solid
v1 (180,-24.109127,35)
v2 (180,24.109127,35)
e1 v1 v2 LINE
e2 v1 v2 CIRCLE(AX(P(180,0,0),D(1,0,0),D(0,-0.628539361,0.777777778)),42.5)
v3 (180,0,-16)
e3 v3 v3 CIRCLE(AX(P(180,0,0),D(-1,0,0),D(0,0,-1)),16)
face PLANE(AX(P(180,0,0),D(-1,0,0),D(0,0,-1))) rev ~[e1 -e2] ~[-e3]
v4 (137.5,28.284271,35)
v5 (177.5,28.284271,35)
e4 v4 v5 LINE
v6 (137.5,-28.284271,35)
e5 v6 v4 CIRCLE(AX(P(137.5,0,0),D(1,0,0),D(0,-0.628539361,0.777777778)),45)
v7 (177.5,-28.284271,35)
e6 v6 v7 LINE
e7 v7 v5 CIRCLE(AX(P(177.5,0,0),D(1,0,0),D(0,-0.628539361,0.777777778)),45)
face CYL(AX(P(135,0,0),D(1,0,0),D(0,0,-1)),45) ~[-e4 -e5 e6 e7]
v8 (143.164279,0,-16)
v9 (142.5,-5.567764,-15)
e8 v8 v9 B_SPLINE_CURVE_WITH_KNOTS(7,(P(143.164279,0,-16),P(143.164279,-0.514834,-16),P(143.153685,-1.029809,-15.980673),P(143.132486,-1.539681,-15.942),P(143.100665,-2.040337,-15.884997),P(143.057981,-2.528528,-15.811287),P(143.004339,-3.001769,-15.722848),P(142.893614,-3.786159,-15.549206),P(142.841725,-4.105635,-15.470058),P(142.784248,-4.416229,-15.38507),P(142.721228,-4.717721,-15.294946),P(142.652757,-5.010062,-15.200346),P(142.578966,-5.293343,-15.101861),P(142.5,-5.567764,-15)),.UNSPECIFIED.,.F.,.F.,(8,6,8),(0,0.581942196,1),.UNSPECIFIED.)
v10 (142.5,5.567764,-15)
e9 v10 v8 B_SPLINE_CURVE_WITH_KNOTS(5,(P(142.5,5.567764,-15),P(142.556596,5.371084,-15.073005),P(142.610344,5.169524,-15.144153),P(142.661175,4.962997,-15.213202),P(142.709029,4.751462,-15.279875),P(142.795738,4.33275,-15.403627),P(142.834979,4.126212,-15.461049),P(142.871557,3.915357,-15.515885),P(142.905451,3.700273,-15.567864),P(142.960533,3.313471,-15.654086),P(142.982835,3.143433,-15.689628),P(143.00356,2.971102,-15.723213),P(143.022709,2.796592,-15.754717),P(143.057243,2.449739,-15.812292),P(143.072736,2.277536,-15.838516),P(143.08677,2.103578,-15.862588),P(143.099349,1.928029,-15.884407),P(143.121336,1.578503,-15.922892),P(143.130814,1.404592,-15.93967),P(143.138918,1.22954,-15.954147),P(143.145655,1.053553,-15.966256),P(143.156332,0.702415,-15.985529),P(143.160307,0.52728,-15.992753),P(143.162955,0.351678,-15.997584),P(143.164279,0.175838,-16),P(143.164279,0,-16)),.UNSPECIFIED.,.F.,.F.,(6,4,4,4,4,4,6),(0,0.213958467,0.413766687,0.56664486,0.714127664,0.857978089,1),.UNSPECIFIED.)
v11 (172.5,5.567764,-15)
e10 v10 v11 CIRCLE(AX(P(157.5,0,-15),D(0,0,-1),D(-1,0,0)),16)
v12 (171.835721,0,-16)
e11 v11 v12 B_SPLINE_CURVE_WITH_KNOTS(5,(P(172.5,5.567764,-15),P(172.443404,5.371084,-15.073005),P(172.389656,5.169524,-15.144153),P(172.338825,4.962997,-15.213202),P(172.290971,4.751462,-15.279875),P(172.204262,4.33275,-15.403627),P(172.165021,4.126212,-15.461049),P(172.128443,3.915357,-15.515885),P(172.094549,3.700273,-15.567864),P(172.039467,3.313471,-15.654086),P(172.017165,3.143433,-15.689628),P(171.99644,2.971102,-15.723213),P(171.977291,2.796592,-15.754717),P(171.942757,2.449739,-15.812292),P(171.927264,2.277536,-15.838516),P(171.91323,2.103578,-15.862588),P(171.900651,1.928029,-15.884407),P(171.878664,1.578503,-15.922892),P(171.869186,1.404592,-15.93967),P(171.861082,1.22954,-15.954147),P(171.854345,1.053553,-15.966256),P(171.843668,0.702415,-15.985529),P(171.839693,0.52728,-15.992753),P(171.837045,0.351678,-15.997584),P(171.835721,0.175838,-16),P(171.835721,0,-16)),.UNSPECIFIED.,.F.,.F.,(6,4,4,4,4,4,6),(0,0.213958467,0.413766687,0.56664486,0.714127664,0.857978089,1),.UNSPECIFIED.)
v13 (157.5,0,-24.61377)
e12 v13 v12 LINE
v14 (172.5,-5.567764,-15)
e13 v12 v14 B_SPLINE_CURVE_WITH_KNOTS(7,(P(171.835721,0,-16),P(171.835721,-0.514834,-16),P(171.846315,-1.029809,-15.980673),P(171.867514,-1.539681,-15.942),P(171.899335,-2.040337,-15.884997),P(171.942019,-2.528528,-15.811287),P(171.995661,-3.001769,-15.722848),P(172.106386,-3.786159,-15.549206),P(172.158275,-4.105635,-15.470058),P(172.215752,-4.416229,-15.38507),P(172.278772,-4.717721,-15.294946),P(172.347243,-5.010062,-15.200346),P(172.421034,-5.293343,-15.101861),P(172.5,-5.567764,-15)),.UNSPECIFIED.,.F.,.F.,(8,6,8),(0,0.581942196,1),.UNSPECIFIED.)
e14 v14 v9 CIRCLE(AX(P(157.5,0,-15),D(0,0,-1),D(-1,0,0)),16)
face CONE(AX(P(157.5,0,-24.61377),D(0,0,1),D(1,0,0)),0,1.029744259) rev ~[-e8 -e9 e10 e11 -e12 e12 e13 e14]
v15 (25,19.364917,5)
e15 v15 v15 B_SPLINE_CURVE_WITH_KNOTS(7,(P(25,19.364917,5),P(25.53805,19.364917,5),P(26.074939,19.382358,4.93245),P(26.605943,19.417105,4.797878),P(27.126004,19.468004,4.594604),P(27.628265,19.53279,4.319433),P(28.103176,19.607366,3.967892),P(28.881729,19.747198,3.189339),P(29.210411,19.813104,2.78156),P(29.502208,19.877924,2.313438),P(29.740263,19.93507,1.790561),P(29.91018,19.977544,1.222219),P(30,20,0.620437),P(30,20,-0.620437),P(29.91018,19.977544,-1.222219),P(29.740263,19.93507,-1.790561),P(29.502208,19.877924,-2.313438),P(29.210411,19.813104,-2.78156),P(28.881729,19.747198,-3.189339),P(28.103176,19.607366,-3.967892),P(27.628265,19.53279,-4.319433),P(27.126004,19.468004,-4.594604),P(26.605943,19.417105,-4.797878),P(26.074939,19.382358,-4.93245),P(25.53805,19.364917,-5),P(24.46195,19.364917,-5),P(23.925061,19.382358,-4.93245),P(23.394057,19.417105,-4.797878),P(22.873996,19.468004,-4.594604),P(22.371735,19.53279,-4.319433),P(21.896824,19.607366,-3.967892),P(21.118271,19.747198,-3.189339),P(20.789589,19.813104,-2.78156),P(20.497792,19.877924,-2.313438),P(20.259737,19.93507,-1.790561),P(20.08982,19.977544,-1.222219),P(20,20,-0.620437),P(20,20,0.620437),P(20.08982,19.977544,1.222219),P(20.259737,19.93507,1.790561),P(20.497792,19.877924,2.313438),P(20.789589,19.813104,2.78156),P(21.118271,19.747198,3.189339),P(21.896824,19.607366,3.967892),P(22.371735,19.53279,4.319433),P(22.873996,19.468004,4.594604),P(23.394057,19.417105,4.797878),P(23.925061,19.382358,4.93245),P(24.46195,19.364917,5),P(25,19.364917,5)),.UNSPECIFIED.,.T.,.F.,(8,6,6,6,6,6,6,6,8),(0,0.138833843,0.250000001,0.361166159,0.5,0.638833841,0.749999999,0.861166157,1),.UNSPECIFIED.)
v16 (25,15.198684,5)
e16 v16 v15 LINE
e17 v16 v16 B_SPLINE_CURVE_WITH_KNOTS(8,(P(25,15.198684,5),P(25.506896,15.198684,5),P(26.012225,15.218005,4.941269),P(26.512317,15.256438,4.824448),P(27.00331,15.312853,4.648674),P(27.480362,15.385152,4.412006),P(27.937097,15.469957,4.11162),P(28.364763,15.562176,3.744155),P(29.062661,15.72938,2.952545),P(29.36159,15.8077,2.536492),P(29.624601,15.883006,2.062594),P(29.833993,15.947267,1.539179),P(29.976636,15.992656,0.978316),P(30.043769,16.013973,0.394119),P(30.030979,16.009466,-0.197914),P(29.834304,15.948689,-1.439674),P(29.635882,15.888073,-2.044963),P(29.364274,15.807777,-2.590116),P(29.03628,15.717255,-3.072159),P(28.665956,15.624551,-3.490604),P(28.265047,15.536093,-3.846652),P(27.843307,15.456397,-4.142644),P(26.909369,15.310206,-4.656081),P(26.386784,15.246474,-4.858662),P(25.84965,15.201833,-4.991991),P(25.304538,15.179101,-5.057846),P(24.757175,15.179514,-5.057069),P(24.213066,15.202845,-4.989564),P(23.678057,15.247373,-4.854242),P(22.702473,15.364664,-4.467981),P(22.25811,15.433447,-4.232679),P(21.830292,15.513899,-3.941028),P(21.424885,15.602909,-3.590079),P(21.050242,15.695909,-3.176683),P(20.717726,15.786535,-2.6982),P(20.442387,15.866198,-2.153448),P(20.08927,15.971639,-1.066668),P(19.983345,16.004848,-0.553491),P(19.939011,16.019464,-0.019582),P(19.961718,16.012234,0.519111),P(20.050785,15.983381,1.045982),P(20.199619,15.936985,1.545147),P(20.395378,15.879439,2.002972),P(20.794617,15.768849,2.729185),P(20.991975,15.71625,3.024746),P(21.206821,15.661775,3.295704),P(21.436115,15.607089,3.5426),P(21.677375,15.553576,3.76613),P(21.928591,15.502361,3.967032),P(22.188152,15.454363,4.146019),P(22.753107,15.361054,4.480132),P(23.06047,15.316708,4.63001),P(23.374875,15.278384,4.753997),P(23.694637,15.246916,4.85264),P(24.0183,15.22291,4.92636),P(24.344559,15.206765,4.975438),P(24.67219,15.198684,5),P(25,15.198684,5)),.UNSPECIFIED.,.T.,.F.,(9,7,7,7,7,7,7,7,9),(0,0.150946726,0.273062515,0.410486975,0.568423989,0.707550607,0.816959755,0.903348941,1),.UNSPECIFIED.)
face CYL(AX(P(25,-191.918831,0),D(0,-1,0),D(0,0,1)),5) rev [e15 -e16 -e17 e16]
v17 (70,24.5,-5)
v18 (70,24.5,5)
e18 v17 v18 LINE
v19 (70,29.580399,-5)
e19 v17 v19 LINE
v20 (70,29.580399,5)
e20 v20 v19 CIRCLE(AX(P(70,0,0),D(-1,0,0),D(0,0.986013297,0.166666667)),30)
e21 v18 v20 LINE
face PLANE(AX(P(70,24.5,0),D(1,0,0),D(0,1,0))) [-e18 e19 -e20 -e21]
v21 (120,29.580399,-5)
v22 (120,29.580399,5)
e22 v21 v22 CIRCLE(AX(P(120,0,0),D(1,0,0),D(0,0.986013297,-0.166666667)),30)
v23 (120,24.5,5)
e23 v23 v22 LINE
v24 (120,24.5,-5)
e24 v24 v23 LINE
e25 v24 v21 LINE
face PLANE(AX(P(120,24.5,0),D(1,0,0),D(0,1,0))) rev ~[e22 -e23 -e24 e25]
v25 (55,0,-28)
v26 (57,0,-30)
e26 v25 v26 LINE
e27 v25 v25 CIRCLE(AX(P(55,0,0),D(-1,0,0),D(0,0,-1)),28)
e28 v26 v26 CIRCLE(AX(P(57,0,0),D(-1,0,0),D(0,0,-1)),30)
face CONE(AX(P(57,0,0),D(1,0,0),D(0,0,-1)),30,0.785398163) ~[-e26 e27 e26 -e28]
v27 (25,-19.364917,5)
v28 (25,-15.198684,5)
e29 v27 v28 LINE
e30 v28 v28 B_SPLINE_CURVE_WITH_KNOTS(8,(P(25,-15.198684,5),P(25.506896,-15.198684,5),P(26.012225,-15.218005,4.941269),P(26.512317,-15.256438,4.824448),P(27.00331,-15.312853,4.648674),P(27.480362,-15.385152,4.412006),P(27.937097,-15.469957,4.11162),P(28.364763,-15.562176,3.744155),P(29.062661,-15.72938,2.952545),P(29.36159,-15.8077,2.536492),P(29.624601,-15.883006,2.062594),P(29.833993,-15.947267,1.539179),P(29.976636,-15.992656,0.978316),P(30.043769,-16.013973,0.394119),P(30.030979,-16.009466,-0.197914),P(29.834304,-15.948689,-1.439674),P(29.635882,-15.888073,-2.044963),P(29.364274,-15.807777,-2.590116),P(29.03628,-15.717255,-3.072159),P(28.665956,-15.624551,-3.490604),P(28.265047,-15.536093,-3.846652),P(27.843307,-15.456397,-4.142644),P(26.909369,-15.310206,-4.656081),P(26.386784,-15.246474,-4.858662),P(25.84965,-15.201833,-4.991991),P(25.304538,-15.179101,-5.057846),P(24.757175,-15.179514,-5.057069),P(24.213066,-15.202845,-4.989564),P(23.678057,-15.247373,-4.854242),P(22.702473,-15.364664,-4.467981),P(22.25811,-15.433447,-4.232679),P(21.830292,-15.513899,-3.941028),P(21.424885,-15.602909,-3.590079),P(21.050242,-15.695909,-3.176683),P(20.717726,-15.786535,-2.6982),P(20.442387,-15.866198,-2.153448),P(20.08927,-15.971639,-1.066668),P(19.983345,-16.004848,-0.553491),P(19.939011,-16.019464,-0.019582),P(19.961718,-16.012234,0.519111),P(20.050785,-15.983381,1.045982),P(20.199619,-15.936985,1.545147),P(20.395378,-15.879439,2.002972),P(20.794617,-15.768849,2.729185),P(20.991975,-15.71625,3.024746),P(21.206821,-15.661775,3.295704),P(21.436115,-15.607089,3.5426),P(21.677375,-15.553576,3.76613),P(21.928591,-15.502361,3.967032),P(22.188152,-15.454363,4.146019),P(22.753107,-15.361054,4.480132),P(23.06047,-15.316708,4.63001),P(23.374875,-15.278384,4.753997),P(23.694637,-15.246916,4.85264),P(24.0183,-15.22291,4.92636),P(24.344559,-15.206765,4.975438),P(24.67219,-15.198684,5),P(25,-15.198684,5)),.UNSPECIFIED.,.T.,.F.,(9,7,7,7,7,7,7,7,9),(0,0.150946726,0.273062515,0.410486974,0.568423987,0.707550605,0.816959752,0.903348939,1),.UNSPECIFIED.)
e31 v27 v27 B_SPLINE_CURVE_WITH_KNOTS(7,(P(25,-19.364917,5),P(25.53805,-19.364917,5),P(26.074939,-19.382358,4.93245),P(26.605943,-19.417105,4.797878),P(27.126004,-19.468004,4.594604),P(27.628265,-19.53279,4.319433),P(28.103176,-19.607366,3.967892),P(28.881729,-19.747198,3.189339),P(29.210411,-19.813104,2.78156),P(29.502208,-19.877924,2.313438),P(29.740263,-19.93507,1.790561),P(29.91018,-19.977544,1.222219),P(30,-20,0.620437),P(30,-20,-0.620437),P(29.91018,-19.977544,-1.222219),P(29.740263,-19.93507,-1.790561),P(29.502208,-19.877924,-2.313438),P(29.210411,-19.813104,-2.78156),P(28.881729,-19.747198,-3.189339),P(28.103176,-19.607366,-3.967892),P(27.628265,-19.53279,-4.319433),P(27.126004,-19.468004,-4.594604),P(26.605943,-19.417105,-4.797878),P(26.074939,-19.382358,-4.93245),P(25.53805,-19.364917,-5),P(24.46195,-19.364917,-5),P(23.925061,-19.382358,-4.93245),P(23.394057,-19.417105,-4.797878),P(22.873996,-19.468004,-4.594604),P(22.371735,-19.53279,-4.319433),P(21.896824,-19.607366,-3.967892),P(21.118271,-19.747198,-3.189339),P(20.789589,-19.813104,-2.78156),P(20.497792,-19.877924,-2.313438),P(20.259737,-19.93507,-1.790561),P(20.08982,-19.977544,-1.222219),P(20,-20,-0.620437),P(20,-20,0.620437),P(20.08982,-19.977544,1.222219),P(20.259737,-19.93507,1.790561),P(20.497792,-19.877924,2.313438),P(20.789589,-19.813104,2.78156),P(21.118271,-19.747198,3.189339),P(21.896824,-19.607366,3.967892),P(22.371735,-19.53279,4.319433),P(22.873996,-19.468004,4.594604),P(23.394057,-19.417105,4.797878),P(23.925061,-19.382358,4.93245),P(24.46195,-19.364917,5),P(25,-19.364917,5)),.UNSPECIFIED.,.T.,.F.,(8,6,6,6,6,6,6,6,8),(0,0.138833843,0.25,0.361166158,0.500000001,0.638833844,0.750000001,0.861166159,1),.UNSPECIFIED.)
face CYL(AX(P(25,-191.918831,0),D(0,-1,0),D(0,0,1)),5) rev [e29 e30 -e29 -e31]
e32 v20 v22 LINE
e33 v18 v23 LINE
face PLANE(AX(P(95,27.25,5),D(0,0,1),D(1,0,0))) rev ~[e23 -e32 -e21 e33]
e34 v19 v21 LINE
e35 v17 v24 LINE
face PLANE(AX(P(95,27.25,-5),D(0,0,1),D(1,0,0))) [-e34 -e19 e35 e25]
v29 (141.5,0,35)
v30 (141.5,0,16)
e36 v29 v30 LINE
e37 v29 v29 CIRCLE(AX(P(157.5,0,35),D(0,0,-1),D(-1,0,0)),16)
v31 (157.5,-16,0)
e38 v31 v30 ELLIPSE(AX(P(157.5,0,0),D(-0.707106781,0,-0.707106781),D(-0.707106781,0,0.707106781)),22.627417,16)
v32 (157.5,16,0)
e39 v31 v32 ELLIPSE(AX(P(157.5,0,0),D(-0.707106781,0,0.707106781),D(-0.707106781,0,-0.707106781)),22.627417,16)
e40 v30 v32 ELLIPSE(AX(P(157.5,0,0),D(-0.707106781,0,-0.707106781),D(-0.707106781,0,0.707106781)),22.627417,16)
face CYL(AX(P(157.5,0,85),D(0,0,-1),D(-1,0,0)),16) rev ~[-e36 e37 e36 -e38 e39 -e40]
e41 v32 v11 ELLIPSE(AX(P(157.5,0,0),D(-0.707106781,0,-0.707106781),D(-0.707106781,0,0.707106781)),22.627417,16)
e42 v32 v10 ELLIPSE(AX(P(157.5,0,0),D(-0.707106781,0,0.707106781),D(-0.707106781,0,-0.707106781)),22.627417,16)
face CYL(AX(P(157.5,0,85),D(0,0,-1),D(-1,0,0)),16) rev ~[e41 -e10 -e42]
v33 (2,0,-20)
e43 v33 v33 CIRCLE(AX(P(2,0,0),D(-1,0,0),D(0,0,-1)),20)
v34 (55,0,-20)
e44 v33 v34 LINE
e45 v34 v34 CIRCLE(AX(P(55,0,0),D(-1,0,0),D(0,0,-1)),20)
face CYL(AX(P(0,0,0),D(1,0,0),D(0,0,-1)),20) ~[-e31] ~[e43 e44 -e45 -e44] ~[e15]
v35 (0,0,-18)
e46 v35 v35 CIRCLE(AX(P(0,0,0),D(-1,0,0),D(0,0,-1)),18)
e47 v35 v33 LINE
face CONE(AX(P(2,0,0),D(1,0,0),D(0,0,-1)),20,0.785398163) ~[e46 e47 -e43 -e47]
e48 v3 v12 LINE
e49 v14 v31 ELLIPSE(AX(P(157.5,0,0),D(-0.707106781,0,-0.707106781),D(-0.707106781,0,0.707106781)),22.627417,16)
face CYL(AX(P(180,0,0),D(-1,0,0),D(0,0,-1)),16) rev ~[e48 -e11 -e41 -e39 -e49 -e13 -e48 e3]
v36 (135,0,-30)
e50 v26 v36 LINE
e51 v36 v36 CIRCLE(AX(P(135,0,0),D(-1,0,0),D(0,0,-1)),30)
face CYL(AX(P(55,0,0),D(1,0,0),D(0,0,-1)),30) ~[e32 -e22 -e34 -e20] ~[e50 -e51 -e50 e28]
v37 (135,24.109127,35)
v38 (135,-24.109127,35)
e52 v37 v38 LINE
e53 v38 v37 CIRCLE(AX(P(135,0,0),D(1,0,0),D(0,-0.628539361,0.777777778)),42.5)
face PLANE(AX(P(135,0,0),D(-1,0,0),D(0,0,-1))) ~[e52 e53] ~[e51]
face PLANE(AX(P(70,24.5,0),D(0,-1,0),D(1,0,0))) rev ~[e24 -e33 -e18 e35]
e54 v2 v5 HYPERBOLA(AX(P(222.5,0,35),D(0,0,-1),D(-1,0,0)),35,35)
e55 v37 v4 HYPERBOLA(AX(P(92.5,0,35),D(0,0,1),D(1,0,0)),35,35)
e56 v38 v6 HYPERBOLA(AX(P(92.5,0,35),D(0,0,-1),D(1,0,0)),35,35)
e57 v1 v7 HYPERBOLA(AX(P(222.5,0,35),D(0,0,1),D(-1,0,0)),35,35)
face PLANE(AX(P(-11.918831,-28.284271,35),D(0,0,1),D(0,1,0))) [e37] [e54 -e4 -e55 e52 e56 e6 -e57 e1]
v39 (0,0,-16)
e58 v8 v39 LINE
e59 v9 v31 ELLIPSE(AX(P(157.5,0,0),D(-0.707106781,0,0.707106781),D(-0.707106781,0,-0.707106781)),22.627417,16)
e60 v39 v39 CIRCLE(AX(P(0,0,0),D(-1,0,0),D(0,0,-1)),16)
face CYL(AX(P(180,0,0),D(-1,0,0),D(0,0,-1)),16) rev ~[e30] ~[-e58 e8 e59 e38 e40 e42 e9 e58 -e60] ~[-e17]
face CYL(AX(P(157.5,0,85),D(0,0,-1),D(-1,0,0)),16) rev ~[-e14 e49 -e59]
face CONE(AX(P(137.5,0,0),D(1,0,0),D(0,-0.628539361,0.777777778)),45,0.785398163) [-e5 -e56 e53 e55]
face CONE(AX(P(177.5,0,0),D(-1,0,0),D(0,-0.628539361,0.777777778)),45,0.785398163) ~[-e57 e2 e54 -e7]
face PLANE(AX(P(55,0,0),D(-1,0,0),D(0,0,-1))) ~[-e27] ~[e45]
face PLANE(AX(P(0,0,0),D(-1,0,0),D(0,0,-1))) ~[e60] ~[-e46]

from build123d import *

# Parameters (mm, degrees)
CUT_EXTRUDE_9_DEPTH         = 191.91883092
CUT_EXTRUDE_9_DEPTH_BACK    = 191.91883092
SKETCH_6_W                  = 50
SKETCH_6_H                  = 5.5
CUT_EXTRUDE_4_DEPTH         = 5
CUT_EXTRUDE_10_DEPTH        = 191.91883092
CUT_EXTRUDE_10_DEPTH_BACK   = 191.91883092
SKETCH_16_R                 = 5
HOLE_WIZARD_0_15_32_1_D     = 32
HOLE_WIZARD_0_15_32_1_DEPTH = 50
HOLE_WIZARD_0_15_32_1_TIP   = 9.613769904
CHAMFER_3_SIZE              = 2
CHAMFER_4_SIZE              = 2.5


with BuildPart() as part:
    # Эскиз1 → Повернуть1 (revolve)
    with BuildSketch(Plane.XY, mode=Mode.PRIVATE) as revolve_1_sk:
        Polygon((0, 16), (0, 20), (55, 20), (55, 30), (135, 30), (135, 45), (180, 45), (180, 16), align=None)
    revolve(revolve_1_sk.sketch.rotate(Axis((0, 0, 0), (-1, 0, 0)), 90), axis=Axis((0, 0, 0), (-1, 0, 0)))

    # Эскиз15 → Вырез-Вытянуть9 (cut, two sides: drawn at the far end of the back side and taken through both)
    with BuildSketch(Plane(origin=(180, 0, 0), x_dir=(0, 0, -1), z_dir=(1, 0, 0)).offset(-CUT_EXTRUDE_9_DEPTH_BACK)):
        with BuildLine():
            Line((-35, -28.284271247), (-35, 28.284271247))
            ThreePointArc((-35, 28.284271247), (-45, 0), (-35, -28.284271247))
        make_face()
    extrude(amount=CUT_EXTRUDE_9_DEPTH + CUT_EXTRUDE_9_DEPTH_BACK, mode=Mode.SUBTRACT)

    # Эскиз6 → Вырез-Вытянуть4 (cut, symmetric)
    with BuildSketch(Plane.XY):
        with Locations((95, 27.25)):
            Rectangle(SKETCH_6_W, SKETCH_6_H)
    extrude(amount=CUT_EXTRUDE_4_DEPTH, both=True, mode=Mode.SUBTRACT)

    # Эскиз16 → Вырез-Вытянуть10 (cut, two sides: drawn at the far end of the back side and taken through both)
    with BuildSketch(Plane(origin=(0, 0, 0), x_dir=(1, 0, 0), z_dir=(0, 1, 0)).offset(-CUT_EXTRUDE_10_DEPTH_BACK)):
        with Locations(Location((25, 0, 0), (0, 0, 270))):
            Circle(SKETCH_16_R)
    extrude(amount=CUT_EXTRUDE_10_DEPTH + CUT_EXTRUDE_10_DEPTH_BACK, mode=Mode.SUBTRACT)

    # Диаметр отверстия Ø0.15 (32)1
    with Locations(Plane.XY.offset(35)):
        with Locations((157.5, 0)):
            Hole(HOLE_WIZARD_0_15_32_1_D / 2, depth=HOLE_WIZARD_0_15_32_1_DEPTH)
            with Locations((0, 0, -(HOLE_WIZARD_0_15_32_1_DEPTH + HOLE_WIZARD_0_15_32_1_TIP / 2))):  # 118° drill point
                Cone(0, HOLE_WIZARD_0_15_32_1_D / 2, HOLE_WIZARD_0_15_32_1_TIP, mode=Mode.SUBTRACT)

    # Фаска3
    chamfer_3_edges = [part.edges().sort_by_distance(p)[0] for p in [
        (55, 0, 30),
        (0, 0, 20),
    ]]
    chamfer(chamfer_3_edges, length=CHAMFER_3_SIZE)

    # Фаска4
    chamfer_4_edges = [part.edges().sort_by_distance(p)[0] for p in [
        (180, 0, -45),
        (135, 0, -45),
    ]]
    chamfer(chamfer_4_edges, length=CHAMFER_4_SIZE)


solid = part.part
